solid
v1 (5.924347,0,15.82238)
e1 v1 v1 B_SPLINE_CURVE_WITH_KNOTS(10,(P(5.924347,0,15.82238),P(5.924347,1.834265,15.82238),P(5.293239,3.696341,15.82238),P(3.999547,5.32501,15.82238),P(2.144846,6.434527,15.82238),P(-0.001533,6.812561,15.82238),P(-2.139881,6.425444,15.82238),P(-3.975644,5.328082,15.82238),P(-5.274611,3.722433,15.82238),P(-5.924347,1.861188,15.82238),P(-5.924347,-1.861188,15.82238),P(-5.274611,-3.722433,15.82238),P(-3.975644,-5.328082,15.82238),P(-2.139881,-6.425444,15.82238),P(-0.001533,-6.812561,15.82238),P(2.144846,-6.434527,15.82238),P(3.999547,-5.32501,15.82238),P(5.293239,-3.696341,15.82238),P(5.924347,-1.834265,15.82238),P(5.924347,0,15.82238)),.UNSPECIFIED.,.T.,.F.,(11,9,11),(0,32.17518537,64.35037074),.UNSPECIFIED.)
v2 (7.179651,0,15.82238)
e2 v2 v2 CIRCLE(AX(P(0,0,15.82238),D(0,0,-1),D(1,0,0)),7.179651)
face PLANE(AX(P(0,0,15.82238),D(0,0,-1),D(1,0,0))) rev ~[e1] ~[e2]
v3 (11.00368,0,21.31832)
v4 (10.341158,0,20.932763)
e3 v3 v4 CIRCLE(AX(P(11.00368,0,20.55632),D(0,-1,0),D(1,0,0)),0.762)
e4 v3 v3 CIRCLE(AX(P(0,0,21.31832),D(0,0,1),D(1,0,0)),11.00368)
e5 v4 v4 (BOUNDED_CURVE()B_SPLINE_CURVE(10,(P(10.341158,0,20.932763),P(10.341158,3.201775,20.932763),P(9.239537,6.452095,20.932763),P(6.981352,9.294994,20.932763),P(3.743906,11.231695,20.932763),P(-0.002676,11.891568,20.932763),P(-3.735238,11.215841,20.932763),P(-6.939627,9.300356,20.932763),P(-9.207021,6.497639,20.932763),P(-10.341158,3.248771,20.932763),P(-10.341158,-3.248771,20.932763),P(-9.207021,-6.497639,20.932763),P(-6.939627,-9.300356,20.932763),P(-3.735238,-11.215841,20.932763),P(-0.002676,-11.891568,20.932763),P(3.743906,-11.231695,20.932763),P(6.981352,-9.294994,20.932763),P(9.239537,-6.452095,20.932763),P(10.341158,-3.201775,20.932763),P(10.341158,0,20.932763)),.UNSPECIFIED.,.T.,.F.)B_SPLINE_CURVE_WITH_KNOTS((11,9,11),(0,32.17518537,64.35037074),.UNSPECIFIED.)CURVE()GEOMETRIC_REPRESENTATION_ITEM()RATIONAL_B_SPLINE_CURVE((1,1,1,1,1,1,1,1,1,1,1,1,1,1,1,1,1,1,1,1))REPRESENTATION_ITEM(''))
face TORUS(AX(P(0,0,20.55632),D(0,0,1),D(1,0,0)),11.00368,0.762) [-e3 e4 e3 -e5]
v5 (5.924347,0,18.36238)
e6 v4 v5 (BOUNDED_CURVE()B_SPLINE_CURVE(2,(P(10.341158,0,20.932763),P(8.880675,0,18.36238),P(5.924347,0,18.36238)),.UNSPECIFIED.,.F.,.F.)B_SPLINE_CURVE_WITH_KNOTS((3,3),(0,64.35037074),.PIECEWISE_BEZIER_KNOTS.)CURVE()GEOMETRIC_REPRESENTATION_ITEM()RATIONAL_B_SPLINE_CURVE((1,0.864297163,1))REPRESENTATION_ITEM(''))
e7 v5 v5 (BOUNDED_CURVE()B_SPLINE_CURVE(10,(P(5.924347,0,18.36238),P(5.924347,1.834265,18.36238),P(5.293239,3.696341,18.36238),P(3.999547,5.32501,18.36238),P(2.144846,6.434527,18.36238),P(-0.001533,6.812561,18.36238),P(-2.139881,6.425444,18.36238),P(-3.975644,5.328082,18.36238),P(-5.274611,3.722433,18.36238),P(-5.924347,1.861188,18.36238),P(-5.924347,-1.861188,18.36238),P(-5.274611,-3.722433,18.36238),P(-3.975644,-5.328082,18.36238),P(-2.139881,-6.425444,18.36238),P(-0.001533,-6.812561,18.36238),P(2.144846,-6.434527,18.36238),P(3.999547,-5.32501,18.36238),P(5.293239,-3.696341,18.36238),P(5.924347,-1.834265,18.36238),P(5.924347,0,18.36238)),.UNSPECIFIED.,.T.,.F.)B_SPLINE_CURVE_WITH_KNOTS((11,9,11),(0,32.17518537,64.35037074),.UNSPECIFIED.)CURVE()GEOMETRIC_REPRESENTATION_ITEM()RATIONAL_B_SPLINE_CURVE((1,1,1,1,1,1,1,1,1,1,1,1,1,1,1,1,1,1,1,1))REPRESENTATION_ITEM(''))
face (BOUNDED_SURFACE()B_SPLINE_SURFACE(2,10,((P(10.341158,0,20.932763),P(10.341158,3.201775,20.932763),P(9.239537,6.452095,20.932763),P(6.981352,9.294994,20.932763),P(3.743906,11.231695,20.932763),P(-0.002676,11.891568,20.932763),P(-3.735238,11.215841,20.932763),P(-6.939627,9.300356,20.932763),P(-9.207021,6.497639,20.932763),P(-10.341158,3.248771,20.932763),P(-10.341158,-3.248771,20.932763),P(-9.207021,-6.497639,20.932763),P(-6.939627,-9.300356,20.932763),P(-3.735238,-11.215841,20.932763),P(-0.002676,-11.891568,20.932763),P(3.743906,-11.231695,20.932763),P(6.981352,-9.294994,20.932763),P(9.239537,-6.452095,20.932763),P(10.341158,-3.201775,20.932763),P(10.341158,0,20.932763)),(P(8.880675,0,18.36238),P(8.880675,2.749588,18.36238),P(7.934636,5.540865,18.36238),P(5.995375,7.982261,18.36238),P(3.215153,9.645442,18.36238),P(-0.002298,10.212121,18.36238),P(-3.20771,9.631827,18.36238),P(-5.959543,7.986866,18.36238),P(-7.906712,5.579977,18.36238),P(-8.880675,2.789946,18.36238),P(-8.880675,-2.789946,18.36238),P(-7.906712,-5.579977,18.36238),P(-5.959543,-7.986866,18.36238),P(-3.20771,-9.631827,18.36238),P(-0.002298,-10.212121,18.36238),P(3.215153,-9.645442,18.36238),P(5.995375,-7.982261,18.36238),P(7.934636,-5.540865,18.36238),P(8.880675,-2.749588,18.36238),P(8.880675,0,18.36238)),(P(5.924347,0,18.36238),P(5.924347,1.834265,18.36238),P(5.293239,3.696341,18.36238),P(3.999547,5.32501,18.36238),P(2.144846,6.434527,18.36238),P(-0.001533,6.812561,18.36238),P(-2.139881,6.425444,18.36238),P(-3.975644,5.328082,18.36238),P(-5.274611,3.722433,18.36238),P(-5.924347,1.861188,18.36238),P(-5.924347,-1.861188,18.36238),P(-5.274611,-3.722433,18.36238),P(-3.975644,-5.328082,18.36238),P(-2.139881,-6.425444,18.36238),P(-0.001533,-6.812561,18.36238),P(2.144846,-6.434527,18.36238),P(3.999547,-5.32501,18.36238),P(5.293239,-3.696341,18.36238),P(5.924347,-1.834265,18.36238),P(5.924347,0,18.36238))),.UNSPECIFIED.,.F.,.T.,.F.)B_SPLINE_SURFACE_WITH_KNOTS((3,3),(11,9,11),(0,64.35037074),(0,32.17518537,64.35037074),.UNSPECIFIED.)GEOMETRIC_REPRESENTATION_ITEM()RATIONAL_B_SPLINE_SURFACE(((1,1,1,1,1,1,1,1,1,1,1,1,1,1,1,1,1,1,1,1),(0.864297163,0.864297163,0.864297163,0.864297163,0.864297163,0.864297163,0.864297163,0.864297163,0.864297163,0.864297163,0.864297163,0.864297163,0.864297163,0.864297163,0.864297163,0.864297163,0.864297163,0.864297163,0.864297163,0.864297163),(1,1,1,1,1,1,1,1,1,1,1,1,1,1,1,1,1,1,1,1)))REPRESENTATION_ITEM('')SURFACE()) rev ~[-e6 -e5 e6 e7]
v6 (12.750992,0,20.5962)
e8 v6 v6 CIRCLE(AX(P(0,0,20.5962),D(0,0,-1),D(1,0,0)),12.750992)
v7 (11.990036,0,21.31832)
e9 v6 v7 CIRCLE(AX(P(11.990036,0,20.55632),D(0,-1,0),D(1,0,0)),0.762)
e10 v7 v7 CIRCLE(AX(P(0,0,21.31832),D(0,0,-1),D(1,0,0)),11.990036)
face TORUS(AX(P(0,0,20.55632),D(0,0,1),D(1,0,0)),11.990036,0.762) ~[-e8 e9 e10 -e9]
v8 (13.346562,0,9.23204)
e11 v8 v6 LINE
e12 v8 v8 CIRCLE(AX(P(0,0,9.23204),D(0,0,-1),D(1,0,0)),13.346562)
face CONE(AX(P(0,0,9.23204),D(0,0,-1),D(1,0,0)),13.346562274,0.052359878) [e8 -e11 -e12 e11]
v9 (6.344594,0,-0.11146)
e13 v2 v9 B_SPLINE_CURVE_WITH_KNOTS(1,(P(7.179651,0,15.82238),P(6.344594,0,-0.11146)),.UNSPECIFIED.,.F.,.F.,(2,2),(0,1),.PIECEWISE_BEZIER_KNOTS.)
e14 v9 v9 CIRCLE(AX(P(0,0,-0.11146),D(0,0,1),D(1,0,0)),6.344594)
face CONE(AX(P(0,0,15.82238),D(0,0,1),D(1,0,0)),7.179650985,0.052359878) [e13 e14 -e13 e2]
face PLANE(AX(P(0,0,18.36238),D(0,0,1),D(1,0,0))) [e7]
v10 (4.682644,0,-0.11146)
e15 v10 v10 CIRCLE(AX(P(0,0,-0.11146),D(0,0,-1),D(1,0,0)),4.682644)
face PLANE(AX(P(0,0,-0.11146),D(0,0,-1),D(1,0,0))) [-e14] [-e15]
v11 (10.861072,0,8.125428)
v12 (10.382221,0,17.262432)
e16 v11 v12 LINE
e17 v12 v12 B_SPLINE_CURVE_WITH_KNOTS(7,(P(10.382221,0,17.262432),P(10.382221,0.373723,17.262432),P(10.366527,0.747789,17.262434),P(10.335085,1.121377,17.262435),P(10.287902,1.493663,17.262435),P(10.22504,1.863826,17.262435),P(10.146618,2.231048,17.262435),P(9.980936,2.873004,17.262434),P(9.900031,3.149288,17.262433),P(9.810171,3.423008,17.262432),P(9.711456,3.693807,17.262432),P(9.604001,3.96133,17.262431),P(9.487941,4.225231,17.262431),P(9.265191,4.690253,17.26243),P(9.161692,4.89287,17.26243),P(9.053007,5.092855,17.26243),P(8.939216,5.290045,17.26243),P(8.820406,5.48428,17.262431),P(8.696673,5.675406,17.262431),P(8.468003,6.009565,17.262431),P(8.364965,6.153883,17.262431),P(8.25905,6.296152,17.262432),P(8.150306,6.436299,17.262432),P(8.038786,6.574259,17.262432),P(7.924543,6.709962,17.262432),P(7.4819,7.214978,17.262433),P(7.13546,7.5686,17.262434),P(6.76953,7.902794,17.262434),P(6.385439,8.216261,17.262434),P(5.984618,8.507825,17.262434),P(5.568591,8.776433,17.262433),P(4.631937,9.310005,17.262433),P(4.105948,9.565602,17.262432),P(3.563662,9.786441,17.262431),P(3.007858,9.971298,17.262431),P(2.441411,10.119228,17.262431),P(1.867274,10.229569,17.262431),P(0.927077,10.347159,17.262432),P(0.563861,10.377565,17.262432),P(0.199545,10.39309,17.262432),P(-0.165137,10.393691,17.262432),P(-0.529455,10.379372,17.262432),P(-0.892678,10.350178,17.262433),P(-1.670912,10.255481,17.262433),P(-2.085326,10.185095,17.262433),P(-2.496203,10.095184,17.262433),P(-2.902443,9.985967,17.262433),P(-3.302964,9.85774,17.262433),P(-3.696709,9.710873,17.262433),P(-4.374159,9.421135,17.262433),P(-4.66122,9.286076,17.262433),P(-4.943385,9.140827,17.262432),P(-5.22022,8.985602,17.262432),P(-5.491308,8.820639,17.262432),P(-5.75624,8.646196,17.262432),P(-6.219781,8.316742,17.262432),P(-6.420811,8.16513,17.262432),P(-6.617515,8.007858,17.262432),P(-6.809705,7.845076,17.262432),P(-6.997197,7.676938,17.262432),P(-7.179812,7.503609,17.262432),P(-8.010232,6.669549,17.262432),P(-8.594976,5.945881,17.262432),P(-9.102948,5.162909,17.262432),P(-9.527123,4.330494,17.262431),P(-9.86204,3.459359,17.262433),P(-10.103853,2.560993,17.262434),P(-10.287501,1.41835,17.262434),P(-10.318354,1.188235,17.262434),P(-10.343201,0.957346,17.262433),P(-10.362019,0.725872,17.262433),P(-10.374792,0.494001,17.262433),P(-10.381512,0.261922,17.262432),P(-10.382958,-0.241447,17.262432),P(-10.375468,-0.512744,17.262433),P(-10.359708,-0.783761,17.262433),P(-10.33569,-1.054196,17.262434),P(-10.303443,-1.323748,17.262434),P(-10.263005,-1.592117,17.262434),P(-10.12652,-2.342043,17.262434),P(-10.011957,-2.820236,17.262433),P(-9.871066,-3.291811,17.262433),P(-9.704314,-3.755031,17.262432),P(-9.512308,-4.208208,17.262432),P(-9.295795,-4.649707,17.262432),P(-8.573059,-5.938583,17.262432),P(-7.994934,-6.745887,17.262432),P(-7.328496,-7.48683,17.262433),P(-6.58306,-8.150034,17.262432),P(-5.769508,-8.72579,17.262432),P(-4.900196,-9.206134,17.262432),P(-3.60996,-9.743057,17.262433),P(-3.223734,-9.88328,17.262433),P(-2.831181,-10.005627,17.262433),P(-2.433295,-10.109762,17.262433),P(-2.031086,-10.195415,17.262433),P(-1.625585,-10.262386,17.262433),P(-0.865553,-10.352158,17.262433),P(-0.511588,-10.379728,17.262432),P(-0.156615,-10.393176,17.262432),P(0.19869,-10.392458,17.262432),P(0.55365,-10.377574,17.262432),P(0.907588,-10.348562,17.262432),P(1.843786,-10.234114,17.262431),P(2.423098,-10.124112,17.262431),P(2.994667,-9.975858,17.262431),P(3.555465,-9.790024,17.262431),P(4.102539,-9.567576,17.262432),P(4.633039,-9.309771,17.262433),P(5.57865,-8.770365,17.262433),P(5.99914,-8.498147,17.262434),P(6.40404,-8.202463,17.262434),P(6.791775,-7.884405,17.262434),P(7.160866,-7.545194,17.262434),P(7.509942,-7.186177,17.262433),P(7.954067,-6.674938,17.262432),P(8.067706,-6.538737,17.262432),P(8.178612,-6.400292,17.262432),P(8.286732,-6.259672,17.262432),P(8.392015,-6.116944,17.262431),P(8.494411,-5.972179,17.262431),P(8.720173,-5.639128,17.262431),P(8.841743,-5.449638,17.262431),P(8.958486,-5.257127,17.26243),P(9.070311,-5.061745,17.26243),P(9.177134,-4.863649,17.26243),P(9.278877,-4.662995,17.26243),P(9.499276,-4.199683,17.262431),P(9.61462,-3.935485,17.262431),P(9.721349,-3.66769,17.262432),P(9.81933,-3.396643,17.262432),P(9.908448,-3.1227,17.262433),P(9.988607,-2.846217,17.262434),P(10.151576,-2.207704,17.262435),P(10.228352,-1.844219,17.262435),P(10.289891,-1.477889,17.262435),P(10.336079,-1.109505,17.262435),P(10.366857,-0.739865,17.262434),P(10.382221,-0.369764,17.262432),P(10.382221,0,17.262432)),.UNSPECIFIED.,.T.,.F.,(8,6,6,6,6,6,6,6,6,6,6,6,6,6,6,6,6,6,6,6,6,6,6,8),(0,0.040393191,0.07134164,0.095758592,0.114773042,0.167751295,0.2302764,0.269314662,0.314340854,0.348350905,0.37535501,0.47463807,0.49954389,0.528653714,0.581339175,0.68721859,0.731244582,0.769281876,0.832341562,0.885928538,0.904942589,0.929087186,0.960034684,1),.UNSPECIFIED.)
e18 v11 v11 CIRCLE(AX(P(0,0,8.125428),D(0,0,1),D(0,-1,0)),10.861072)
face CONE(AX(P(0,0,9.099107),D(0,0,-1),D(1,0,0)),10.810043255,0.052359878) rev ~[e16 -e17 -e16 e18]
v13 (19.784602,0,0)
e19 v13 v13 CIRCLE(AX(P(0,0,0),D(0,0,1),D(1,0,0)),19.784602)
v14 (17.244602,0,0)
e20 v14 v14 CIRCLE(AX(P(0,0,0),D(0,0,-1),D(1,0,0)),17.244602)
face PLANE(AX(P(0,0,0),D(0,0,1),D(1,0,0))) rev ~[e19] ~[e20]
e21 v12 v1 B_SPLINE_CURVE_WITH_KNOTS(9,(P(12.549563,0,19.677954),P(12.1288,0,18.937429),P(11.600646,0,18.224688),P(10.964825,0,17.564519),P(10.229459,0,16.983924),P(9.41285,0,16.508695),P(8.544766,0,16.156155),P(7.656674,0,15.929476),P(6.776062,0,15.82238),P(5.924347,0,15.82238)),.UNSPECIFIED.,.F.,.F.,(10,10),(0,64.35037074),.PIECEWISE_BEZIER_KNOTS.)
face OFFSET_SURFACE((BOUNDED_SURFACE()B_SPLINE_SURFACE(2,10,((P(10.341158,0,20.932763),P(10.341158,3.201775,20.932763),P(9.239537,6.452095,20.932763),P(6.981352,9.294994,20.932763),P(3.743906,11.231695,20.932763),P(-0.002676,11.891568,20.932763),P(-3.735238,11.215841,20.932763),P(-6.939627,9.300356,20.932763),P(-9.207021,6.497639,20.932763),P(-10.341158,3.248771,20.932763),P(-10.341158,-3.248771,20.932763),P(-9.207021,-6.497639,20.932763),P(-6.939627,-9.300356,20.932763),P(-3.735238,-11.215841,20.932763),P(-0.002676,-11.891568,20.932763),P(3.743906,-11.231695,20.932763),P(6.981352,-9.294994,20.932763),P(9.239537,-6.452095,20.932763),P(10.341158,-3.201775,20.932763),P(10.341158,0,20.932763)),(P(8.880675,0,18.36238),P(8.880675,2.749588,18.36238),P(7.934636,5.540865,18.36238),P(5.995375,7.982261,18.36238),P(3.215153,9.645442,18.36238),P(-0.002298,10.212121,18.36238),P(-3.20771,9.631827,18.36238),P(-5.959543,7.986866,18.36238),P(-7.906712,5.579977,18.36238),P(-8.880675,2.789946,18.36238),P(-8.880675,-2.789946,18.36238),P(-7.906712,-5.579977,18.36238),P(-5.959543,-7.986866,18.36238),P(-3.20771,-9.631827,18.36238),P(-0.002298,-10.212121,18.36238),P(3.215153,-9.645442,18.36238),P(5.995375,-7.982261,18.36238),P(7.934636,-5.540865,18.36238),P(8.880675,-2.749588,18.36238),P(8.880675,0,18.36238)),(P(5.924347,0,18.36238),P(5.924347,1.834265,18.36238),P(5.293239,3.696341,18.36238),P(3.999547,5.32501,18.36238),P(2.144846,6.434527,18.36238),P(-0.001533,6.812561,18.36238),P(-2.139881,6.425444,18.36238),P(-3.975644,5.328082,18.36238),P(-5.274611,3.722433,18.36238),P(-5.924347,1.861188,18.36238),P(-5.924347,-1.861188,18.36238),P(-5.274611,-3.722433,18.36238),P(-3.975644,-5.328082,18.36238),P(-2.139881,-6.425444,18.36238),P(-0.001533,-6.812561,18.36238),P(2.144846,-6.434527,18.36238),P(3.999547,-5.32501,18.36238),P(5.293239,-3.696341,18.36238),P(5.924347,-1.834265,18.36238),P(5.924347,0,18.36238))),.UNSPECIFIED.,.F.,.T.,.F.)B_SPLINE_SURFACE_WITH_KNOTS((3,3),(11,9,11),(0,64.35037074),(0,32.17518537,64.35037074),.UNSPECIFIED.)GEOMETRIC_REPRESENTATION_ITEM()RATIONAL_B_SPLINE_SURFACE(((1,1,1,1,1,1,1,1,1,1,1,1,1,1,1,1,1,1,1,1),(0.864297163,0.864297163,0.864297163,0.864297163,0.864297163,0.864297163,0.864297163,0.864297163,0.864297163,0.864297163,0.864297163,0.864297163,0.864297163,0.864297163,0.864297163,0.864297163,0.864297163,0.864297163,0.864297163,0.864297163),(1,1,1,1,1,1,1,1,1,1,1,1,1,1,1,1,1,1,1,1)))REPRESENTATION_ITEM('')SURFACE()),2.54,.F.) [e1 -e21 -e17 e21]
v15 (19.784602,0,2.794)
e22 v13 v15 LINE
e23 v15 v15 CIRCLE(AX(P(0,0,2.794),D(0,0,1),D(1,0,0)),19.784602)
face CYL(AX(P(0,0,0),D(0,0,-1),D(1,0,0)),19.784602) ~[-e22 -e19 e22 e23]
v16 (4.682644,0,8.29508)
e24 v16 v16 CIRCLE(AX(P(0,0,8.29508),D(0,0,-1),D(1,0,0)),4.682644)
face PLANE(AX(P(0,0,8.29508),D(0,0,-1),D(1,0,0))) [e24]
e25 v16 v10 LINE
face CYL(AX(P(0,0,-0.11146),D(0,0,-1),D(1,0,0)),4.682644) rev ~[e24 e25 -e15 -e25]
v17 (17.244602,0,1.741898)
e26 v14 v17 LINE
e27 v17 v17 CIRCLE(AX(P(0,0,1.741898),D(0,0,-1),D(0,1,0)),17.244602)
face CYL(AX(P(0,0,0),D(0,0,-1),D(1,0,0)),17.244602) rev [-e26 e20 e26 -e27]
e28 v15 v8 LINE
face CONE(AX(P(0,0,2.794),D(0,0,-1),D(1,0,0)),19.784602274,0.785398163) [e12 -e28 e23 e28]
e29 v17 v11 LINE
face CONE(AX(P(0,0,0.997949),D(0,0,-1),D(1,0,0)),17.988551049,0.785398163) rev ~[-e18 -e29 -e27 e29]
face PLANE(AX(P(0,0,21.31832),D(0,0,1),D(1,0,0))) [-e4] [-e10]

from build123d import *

# Parameters (mm, degrees)
F0_R      = 19.7846022737
F1_DEPTH  = 2.794
F1_FACE_R = 19.7846022737
F2_DEPTH  = 6.43804
F2_TAPER  = 45
F2_FACE_R = 13.3465622737
F3_DEPTH  = 12.08628
F3_TAPER  = 3
F4_R      = 10.241679593
F5_DEPTH  = 2.95594
F6_R      = 0.762
F7_R      = 5.08
F8_T      = -2.54
F9_R      = 7.1796509853
F10_DEPTH = 15.93384
F10_TAPER = 3
F11_R     = 4.6826437898
F12_DEPTH = 8.40654


with BuildPart() as f1:
    # F0 (on Top) → F1 (new body)
    with BuildSketch(Plane.XY):
        Circle(F0_R)
    extrude(amount=F1_DEPTH)

    # F1_face (on face) → F2 (join)
    with BuildSketch(Plane.XY.offset(2.794)):
        Circle(F1_FACE_R)
    extrude(amount=F2_DEPTH, taper=F2_TAPER)

    # F2_face (on face) → F3 (join)
    with BuildSketch(Plane.XY.offset(9.23204)):
        Circle(F2_FACE_R)
    extrude(amount=F3_DEPTH, taper=F3_TAPER)

    # F4 (on face) → F5 (cut, symmetric)
    with BuildSketch(Plane.XY.offset(21.31832)):
        Circle(F4_R)
    extrude(amount=F5_DEPTH, both=True, mode=Mode.SUBTRACT)

    # F6
    f6_edges = [f1.edges().sort_by_distance(p)[0] for p in [
        (-12.713147, 0, 21.31832),
        (-10.24168, 0, 21.31832),
    ]]
    fillet(f6_edges, radius=F6_R)

    # F7
    f7_edges = [f1.edges().sort_by_distance(p)[0] for p in [
        (-10.24168, 0, 18.36238),
    ]]
    fillet(f7_edges, radius=F7_R)

    # F8
    f8_openings = [f1.faces().sort_by_distance(p)[0] for p in [
        (0, 0, 0),
    ]]
    offset(amount=F8_T, openings=f8_openings, kind=Kind.INTERSECTION)

    # F9 (on face) → F10 (join)
    with BuildSketch(Plane(origin=(0, 0, 15.82238), x_dir=(1, 0, 0), z_dir=(0, 0, -1))):
        Circle(F9_R)
    extrude(amount=F10_DEPTH, taper=F10_TAPER)

    # F11 (on face) → F12 (cut, symmetric)
    with BuildSketch(Plane(origin=(0, 0, -0.11146), x_dir=(1, 0, 0), z_dir=(0, 0, -1))):
        Circle(F11_R)
    extrude(amount=F12_DEPTH, both=True, mode=Mode.SUBTRACT)


solid = f1.part
